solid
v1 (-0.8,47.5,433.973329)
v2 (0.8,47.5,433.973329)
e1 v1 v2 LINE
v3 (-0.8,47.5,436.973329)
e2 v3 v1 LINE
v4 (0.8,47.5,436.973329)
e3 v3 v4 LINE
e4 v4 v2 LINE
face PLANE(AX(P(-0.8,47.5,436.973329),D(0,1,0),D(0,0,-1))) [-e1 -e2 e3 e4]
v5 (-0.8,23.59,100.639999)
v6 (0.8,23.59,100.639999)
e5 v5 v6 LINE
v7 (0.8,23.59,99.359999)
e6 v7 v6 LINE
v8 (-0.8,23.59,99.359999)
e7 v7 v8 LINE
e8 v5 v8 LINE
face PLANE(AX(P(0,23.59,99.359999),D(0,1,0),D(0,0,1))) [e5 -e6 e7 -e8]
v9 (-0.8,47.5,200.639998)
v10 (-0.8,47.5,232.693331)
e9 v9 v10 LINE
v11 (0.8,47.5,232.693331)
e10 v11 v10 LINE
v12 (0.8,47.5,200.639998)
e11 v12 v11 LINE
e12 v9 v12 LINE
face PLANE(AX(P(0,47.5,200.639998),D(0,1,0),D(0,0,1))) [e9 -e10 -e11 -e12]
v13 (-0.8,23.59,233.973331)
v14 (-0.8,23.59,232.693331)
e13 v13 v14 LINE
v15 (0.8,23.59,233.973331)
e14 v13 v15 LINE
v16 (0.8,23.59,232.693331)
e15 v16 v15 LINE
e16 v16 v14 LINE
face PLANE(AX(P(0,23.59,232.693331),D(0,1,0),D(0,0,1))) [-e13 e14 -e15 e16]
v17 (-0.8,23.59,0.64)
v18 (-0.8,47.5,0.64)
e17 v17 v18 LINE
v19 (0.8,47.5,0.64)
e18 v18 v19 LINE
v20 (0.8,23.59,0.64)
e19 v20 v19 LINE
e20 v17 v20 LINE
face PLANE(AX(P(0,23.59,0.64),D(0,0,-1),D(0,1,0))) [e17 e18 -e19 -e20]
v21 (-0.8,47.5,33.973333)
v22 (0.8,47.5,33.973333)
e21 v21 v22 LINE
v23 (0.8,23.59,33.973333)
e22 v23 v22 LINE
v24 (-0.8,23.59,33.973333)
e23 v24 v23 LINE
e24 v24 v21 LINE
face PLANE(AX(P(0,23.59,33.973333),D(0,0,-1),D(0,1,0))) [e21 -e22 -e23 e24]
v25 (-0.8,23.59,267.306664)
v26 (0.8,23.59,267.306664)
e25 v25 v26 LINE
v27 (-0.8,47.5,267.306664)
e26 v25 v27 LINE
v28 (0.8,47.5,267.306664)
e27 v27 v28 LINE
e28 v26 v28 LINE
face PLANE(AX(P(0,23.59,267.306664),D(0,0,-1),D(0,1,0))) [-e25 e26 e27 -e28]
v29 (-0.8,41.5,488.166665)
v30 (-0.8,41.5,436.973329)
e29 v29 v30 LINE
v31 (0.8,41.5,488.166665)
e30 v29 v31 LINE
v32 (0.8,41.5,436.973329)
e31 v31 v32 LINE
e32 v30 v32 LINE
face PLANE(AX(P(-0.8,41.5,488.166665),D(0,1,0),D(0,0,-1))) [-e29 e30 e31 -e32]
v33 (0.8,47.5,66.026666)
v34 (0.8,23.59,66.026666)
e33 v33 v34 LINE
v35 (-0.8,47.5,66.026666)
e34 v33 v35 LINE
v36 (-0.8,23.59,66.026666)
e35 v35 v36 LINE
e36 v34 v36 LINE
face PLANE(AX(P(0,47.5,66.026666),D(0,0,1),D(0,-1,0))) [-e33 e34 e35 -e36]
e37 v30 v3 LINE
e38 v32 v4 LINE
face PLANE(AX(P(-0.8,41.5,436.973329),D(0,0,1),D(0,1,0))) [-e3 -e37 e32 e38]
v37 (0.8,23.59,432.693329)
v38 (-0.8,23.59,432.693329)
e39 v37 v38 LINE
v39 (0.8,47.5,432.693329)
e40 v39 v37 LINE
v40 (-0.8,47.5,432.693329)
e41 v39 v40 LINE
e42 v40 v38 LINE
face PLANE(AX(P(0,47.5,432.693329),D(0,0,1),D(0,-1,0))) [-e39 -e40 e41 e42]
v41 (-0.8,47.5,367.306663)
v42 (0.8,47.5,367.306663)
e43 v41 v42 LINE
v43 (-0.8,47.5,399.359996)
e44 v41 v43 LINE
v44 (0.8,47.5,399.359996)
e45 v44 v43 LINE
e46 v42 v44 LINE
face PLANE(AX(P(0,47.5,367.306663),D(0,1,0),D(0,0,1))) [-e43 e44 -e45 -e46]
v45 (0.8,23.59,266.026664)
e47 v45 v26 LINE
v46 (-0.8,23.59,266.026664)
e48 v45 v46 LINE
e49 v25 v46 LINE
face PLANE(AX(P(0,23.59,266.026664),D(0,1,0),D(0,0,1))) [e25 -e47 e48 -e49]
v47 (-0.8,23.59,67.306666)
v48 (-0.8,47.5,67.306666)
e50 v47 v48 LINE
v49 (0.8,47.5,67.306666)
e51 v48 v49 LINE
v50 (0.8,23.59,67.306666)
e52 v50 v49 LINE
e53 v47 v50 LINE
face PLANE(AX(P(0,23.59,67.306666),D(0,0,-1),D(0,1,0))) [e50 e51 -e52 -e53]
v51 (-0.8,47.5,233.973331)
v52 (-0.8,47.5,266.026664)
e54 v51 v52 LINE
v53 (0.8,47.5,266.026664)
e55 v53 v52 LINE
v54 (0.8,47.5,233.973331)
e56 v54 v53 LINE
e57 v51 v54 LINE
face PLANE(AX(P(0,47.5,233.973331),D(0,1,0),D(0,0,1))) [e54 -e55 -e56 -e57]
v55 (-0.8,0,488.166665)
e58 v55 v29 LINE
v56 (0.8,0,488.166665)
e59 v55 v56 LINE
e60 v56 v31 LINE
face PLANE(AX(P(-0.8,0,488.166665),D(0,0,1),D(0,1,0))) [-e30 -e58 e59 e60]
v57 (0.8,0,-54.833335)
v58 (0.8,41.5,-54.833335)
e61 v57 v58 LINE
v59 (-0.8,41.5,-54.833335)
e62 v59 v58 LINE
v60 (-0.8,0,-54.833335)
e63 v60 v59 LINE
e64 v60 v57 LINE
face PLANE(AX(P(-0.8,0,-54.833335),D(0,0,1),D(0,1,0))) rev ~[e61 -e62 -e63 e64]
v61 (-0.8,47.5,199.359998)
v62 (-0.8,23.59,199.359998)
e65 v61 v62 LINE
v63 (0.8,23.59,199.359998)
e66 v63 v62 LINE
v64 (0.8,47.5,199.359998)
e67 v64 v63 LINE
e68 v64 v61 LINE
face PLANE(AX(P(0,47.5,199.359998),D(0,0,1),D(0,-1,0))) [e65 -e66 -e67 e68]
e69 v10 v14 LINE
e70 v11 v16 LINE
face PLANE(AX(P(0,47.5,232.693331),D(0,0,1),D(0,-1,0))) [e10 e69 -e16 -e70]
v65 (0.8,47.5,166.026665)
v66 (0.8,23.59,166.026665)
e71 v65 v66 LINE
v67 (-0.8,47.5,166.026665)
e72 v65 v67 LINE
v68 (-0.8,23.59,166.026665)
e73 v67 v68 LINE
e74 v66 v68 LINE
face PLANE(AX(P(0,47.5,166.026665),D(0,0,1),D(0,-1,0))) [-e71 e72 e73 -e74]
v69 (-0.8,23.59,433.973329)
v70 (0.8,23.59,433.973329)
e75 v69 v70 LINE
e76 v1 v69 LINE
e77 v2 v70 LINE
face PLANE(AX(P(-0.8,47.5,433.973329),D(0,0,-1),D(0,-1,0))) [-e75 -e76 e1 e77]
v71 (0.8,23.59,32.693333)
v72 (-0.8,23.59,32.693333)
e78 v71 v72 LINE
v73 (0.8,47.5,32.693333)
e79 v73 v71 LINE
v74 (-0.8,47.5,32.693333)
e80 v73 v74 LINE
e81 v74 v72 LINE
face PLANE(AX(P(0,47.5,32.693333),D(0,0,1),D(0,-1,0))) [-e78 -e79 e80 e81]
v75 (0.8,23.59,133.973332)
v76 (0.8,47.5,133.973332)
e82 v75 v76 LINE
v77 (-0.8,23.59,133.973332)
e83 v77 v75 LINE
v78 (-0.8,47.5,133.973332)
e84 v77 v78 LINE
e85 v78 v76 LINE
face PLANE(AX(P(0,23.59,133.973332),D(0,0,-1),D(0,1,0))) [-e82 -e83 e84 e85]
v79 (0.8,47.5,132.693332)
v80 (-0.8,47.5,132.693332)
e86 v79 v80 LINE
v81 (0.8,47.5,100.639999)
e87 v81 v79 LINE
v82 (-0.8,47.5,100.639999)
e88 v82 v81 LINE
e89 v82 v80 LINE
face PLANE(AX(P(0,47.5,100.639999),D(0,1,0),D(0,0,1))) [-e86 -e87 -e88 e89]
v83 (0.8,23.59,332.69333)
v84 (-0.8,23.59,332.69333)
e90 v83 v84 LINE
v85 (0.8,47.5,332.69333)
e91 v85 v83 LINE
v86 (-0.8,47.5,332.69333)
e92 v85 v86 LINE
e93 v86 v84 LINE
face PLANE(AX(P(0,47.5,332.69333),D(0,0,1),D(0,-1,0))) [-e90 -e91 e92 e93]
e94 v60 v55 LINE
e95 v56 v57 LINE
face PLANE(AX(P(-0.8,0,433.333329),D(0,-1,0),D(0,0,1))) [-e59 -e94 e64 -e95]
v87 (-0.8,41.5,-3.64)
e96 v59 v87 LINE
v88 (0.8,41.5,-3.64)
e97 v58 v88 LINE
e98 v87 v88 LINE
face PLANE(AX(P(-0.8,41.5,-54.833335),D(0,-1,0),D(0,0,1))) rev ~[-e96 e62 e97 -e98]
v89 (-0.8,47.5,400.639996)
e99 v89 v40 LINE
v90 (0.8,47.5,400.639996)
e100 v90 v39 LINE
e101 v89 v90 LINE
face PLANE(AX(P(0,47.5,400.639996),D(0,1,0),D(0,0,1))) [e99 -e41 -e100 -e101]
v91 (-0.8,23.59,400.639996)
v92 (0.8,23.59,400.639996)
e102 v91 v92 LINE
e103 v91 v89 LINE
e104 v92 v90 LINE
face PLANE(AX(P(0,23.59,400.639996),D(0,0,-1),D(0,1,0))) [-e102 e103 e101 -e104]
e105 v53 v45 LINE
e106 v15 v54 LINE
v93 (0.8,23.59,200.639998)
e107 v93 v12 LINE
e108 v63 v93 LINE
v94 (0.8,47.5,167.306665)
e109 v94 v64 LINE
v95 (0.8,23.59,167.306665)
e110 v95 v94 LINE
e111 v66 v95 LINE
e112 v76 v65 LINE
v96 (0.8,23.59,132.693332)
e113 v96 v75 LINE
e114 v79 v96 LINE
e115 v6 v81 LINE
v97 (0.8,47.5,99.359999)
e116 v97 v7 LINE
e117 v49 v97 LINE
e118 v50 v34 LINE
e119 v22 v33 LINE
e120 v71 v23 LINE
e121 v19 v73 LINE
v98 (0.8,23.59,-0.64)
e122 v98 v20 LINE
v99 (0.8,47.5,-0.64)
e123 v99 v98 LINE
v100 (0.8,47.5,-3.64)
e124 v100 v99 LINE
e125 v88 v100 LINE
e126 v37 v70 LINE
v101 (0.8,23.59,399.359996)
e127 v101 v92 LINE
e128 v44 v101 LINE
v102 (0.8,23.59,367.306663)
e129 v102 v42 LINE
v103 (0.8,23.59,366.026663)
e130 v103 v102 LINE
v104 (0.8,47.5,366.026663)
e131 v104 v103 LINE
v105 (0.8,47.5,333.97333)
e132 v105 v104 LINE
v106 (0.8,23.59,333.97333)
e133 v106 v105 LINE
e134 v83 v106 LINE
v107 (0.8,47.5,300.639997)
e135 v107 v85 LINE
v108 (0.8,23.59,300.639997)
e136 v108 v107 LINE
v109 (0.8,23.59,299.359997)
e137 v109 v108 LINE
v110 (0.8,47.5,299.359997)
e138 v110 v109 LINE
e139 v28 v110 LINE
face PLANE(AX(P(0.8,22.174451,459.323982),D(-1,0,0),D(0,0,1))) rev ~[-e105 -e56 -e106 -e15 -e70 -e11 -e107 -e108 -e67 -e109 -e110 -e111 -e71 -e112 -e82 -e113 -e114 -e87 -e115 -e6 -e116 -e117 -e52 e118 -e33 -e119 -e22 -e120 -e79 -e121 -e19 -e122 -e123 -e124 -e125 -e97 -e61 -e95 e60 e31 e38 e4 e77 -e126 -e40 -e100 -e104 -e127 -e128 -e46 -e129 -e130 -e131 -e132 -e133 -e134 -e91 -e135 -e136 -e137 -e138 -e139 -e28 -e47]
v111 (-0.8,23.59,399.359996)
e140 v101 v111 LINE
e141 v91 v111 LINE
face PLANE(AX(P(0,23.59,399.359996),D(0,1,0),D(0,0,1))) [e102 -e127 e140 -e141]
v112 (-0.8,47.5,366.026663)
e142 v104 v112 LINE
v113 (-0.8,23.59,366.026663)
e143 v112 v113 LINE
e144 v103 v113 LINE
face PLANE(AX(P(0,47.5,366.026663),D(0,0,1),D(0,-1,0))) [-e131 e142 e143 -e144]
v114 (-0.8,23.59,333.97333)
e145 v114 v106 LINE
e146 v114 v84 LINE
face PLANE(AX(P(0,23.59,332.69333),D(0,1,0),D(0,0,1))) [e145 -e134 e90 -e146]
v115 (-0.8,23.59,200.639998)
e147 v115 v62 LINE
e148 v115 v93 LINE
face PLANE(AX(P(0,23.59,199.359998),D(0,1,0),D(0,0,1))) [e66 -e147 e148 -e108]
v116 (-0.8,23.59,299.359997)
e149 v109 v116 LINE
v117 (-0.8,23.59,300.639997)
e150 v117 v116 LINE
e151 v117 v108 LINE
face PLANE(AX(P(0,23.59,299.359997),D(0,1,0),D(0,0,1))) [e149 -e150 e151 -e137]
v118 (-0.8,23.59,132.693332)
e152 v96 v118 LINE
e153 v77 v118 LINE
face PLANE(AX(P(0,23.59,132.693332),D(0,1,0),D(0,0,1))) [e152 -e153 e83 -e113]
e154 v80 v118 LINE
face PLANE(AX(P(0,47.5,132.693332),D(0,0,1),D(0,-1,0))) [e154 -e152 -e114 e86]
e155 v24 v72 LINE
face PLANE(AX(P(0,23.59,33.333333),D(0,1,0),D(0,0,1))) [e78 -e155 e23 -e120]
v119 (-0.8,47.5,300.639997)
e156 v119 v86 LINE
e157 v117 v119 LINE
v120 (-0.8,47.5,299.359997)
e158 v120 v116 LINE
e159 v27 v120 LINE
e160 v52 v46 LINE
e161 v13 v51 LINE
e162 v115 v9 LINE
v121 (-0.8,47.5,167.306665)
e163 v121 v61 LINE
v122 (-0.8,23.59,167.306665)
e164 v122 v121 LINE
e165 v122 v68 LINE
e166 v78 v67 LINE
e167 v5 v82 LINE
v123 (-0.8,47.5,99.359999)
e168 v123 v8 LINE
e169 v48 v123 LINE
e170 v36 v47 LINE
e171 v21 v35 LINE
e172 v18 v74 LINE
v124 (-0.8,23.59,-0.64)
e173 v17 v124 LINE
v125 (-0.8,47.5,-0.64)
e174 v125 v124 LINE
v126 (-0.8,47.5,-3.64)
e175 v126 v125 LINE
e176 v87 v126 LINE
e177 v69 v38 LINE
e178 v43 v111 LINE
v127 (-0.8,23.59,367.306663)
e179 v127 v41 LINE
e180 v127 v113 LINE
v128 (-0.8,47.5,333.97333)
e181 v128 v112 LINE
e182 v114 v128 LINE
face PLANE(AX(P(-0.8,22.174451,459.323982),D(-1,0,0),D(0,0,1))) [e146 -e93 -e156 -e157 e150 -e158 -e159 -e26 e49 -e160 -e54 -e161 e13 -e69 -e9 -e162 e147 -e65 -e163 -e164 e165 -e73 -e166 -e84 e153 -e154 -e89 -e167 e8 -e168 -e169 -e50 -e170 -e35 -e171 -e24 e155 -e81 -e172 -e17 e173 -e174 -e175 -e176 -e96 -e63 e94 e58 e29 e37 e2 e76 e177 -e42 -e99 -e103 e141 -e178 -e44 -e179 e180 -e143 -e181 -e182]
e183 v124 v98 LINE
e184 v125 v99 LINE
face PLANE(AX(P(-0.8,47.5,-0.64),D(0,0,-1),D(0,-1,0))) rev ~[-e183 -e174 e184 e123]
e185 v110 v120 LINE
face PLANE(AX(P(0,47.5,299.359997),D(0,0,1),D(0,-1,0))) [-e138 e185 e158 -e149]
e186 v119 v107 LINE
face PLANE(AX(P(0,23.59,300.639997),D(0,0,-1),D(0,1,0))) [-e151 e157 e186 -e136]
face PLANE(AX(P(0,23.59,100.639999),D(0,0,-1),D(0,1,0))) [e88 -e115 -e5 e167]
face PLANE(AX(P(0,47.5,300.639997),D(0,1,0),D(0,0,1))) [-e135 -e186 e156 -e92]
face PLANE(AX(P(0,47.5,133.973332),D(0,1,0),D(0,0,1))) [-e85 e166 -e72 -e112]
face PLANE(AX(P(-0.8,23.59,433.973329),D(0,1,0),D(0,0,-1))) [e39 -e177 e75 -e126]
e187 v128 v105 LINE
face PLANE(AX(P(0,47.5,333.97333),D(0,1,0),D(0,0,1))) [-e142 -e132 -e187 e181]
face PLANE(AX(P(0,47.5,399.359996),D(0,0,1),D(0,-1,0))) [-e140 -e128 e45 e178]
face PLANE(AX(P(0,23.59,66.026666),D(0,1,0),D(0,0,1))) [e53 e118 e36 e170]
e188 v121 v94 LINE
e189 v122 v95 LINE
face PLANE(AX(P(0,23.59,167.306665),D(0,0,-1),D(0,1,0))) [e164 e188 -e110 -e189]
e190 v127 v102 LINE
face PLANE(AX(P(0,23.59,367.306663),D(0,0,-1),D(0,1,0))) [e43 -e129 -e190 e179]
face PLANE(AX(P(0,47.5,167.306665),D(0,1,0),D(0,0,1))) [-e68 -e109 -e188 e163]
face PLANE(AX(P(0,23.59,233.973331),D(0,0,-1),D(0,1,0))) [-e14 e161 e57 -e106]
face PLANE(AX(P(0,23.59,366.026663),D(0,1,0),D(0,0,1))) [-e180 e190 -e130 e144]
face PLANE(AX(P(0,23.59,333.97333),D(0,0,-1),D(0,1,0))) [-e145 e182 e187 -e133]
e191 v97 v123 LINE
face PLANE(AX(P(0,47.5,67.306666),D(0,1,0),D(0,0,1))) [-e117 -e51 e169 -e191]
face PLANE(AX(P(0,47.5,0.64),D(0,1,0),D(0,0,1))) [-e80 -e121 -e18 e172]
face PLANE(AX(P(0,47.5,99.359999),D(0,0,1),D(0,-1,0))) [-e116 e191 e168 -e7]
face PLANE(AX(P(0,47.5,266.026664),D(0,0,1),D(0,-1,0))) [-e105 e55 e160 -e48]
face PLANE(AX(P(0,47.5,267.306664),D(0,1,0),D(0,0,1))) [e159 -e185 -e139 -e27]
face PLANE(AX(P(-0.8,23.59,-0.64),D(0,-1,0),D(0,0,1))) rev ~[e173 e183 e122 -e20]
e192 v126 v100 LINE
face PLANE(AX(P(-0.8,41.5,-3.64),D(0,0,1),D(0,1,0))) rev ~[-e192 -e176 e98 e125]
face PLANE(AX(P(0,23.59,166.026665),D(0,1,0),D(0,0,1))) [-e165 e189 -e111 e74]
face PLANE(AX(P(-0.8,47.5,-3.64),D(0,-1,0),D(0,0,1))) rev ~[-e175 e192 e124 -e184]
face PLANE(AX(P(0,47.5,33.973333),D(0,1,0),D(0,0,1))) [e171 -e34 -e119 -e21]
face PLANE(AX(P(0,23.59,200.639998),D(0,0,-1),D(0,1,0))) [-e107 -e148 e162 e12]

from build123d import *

# Parameters (mm, degrees)
MIDDLE_DEPTH     = 0.8
LPATTERN3_COUNT  = 13
LPATTERN3_PITCH  = 33.333333
FIRST_DEPTH      = 0.8
FIRST_DEPTH_BACK = 0.8
LAST_DEPTH       = 0.8
LAST_DEPTH_BACK  = 0.8


with BuildPart() as part:
    # MiddlePart → Middle (new, symmetric)
    with BuildSketch(Plane(origin=(0, 0, 0), x_dir=(0, 0, -1), z_dir=(1, 0, 0))):
        Polygon((-33.333333, 23.59), (-33.333333, 0), (0, 0), (0, 23.59), (-0.64, 23.59), (-0.64, 47.5), (-32.693333, 47.5), (-32.693333, 23.59), align=None)
    extrude(amount=MIDDLE_DEPTH, both=True)

    # LPattern3: part ×13


with BuildPart() as part_1:
    add(part.part)
    with Locations(*[(0, 0, i * LPATTERN3_PITCH) for i in range(1, LPATTERN3_COUNT)]):
        add(part.part)

    # FirstPart → First (add, two sides: drawn at the far end of the back side and taken through both)
    with BuildSketch(Plane(origin=(0, 0, 0), x_dir=(0, 0, -1), z_dir=(1, 0, 0)).offset(-FIRST_DEPTH_BACK)):
        Polygon((0, 23.59), (0, 0), (54.8333355, 0), (54.8333355, 41.5), (3.64, 41.5), (3.64, 47.5), (0.64, 47.5), (0.64, 23.59), align=None)
    extrude(amount=FIRST_DEPTH + FIRST_DEPTH_BACK)

    # LastPart → Last (add, two sides: drawn at the far end of the back side and taken through both)
    with BuildSketch(Plane(origin=(0, 0, 0), x_dir=(0, 0, -1), z_dir=(1, 0, 0)).offset(-LAST_DEPTH_BACK)):
        Polygon((-436.973329, 47.5), (-433.973329, 47.5), (-433.973329, 23.59), (-433.333329, 23.59), (-433.333329, 0), (-488.1666645, 0), (-488.1666645, 41.5), (-436.973329, 41.5), align=None)
    extrude(amount=LAST_DEPTH + LAST_DEPTH_BACK)


solid = part_1.part
